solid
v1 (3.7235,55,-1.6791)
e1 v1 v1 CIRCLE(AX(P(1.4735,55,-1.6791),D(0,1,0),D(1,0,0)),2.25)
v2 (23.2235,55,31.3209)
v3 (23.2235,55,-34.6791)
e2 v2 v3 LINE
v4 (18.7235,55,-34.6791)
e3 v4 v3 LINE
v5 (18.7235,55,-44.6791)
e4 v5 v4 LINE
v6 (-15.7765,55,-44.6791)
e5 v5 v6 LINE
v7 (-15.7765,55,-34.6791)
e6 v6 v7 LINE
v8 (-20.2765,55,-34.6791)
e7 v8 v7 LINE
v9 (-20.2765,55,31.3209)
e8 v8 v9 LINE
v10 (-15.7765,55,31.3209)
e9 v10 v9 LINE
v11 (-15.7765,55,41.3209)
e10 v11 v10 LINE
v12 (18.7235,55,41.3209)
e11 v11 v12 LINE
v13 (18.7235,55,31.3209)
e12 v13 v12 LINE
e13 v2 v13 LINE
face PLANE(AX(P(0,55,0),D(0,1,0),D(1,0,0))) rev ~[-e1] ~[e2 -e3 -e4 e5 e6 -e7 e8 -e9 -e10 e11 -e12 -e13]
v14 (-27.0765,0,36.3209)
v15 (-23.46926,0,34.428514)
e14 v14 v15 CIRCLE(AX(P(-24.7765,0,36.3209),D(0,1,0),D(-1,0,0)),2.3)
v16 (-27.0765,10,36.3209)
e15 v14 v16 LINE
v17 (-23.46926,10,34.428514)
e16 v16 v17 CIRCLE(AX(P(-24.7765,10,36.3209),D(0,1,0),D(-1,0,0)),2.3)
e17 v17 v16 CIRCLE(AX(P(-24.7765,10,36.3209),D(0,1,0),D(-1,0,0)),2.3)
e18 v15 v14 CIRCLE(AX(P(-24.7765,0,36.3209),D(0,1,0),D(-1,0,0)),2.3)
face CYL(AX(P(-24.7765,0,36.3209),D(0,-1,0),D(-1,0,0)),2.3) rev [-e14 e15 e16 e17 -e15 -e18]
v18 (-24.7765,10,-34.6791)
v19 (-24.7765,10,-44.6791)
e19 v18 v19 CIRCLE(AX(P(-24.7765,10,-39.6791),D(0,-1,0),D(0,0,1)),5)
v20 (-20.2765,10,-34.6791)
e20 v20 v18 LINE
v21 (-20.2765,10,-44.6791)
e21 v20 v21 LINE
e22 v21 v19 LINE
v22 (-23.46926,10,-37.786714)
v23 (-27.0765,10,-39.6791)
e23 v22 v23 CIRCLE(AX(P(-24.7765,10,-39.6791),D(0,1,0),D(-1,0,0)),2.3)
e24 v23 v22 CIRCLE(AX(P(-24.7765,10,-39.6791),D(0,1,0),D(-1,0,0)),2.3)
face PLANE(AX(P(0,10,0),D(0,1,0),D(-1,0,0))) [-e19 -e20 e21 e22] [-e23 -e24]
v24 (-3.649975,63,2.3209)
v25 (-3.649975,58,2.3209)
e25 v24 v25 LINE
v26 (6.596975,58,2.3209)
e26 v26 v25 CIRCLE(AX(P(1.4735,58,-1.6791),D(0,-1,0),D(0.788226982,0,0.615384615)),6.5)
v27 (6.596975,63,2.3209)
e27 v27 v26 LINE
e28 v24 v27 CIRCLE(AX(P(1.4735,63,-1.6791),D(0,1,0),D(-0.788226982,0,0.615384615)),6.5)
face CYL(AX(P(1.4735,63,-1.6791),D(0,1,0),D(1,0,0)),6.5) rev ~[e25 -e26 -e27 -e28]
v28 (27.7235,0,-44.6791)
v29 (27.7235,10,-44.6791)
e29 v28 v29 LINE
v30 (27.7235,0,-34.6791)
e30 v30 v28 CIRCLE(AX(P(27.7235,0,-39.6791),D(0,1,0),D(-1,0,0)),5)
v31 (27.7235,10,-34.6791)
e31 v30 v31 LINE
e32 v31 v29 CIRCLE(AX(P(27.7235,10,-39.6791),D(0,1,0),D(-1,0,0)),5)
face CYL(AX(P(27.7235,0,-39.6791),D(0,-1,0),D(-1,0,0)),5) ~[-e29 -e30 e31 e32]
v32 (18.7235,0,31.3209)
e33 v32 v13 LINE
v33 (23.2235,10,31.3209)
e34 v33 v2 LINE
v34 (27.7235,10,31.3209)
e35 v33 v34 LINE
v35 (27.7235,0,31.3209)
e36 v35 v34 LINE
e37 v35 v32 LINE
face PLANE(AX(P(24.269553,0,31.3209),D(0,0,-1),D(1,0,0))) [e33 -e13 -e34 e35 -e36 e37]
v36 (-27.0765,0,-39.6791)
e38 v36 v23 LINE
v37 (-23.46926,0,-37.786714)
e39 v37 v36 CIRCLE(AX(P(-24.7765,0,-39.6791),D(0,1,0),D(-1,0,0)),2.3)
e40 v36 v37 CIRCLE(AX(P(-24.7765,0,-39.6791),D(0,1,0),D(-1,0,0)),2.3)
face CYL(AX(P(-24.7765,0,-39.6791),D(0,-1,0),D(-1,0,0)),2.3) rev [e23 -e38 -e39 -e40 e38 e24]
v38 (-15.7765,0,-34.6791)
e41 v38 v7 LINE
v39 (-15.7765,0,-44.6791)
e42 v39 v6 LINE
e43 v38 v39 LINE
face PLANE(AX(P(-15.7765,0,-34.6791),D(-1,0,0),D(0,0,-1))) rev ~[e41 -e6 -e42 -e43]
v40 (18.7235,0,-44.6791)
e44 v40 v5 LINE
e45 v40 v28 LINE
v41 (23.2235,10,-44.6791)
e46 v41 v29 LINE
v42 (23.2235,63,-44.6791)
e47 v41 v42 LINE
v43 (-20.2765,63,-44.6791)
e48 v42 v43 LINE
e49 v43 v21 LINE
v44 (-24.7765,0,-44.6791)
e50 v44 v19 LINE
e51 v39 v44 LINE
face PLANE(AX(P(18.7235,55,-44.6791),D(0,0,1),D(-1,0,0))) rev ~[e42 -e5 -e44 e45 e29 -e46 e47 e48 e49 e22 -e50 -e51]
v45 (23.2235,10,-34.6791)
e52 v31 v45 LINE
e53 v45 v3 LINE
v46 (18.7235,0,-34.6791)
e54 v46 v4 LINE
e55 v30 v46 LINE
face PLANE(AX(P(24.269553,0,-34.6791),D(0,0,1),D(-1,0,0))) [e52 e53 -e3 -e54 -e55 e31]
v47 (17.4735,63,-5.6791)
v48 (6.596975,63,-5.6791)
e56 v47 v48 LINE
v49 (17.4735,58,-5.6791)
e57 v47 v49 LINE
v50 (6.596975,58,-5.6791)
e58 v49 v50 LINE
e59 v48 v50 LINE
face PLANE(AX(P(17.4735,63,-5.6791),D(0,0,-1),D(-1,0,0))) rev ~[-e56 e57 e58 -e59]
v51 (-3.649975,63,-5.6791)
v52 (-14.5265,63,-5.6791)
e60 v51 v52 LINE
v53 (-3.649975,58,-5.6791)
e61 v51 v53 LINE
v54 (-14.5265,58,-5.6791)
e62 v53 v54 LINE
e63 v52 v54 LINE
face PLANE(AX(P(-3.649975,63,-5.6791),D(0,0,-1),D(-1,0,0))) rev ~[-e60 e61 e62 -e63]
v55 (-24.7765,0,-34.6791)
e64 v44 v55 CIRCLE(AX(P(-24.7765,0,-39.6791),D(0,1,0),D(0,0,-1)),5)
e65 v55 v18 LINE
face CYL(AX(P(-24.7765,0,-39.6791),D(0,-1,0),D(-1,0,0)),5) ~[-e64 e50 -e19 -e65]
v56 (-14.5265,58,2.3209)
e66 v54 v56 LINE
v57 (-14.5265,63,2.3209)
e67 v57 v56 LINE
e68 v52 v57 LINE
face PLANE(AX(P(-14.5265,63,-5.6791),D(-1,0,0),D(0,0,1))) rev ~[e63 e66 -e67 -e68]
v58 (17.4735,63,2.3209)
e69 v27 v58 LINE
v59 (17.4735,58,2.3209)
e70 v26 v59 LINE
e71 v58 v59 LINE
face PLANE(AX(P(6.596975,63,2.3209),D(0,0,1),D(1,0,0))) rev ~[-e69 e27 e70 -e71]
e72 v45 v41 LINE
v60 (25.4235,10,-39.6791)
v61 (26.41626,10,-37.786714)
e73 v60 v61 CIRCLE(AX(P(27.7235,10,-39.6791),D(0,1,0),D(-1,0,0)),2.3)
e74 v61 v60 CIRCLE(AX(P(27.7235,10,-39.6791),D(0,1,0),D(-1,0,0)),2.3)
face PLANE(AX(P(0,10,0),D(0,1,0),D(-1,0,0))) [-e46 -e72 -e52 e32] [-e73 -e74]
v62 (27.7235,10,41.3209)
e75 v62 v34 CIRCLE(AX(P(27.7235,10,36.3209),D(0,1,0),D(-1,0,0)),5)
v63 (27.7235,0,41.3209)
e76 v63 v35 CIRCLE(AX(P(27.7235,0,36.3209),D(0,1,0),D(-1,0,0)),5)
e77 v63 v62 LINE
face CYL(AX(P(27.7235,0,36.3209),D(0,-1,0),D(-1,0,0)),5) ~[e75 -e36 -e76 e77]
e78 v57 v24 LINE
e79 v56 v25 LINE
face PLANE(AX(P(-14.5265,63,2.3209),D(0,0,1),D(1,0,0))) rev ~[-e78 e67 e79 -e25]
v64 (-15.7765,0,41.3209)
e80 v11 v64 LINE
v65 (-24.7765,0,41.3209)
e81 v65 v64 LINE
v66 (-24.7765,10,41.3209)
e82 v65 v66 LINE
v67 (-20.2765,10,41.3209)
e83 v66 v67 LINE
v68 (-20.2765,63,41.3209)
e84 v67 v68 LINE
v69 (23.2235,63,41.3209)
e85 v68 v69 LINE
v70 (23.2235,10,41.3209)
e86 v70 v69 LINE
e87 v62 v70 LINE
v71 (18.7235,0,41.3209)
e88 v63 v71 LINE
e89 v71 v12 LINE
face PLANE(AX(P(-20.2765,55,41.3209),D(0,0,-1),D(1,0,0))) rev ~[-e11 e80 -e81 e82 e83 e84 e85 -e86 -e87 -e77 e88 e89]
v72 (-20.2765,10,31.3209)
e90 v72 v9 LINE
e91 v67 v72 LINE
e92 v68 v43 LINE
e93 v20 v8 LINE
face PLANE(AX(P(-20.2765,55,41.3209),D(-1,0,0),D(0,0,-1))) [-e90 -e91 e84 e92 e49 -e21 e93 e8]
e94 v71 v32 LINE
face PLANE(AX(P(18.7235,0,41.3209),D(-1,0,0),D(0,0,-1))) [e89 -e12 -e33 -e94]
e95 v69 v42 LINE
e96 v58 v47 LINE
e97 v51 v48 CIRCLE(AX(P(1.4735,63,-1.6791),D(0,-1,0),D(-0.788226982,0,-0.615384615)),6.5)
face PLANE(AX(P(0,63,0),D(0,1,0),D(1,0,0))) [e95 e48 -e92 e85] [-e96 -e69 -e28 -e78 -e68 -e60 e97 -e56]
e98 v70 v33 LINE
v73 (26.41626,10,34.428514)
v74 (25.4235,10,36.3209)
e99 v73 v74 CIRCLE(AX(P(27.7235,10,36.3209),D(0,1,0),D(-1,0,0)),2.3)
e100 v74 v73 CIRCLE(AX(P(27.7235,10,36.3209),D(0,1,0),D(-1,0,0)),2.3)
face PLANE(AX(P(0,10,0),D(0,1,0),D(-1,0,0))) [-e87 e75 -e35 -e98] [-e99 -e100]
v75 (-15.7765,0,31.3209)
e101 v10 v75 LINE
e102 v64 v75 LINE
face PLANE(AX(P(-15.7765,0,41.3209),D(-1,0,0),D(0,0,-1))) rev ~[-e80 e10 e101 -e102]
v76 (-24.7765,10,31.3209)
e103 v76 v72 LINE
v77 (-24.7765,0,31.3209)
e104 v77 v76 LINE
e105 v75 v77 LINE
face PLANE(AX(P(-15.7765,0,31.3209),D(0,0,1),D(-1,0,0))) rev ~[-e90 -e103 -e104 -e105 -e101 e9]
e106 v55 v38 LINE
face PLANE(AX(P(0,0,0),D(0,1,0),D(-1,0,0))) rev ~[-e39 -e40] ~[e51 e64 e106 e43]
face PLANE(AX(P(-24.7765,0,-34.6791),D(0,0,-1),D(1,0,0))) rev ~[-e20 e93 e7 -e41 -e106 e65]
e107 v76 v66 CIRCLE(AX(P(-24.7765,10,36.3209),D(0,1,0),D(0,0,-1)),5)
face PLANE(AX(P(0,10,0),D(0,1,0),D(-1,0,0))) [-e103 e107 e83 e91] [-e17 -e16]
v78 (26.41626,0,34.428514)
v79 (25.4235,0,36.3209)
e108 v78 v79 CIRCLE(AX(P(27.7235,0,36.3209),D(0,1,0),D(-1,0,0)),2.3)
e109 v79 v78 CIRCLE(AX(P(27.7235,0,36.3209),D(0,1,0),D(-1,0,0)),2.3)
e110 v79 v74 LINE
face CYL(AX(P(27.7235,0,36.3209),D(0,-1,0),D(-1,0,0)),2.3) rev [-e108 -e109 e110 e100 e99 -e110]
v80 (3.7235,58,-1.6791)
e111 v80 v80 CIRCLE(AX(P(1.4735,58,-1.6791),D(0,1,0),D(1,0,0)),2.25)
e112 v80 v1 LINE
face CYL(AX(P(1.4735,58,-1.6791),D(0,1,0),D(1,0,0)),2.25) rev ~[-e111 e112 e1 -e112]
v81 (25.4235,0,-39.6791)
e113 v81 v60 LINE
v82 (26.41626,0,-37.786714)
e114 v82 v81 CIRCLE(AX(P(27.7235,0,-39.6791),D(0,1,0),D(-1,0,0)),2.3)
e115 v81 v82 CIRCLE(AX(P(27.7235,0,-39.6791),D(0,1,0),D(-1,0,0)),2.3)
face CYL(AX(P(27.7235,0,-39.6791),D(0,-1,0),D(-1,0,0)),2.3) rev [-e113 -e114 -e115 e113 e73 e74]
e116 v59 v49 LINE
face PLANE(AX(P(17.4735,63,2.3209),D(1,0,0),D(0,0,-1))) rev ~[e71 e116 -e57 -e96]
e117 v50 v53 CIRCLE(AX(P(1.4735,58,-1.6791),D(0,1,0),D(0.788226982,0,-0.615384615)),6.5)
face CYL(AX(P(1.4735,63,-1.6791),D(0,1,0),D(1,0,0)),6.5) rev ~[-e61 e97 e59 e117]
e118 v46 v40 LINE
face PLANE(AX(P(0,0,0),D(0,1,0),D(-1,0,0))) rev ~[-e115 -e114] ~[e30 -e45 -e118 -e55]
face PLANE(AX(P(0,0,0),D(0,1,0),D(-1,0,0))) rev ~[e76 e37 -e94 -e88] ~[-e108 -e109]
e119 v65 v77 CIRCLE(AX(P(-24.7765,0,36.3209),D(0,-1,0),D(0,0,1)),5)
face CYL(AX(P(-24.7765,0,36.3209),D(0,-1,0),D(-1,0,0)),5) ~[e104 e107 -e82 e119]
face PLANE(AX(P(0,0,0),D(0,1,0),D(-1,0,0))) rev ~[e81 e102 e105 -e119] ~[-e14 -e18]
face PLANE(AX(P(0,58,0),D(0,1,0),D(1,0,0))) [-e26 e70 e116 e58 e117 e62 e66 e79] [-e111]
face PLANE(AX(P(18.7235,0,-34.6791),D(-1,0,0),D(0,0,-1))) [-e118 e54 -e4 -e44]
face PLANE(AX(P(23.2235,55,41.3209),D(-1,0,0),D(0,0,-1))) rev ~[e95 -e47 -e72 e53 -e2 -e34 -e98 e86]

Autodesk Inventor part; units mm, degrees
ref_plane "YZ Plane" through (0, 0, 0) normal (1, 0, 0) x (0, 1, 0)
ref_plane "XZ Plane" through (0, 0, 0) normal (0, 1, 0) x (-1, 0, 0)
ref_plane "XY Plane" through (0, 0, 0) normal (0, 0, 1) x (1, 0, 0)
sketch "Sketch1" plane through (0, 0, 0) normal (0, 1, 0) x (-1, 0, 0)
  circle A0 centre (-27.7235, -39.6791) radius 2.3
  line L0 (24.7765, 36.3209) -> (-27.7235, -39.6791)
  circle A1 centre (24.7765, -39.6791) radius 2.3
  circle A2 centre (-27.7235, 36.3209) radius 2.3
  line L1 (24.7765, -39.6791) -> (-27.7235, 36.3209)
  circle A3 centre (24.7765, 36.3209) radius 2.3
  circle A4 centre (24.7765, 36.3209) radius 2.3
  circle A5 centre (-27.7235, 36.3209) radius 2.3
  circle A6 centre (24.7765, -39.6791) radius 2.3
  circle A7 centre (-27.7235, -39.6791) radius 2.3
  circle A8 centre (-1.4735, -1.6791) radius 6.8323
  circle A9 centre (-27.7235, 36.3209) radius 5
  circle A10 centre (-27.7235, -39.6791) radius 5
  circle A11 centre (24.7765, -39.6791) radius 5
  circle A12 centre (24.7765, 36.3209) radius 5
  line L2 (-27.7235, 41.3209) -> (-18.7235, 41.3209)
  line L3 (-18.7235, 41.3209) -> (-18.7235, 31.3209)
  line L4 (-18.7235, 31.3209) -> (-27.7235, 31.3209)
  line L5 (24.7765, 41.3209) -> (15.7765, 41.3209)
  line L6 (15.7765, 41.3209) -> (15.7765, 31.3209)
  line L7 (15.7765, 31.3209) -> (24.7765, 31.3209)
  line L8 (24.7765, -34.6791) -> (15.7765, -34.6791)
  line L9 (15.7765, -34.6791) -> (15.7765, -44.6791)
  line L10 (15.7765, -44.6791) -> (24.7765, -44.6791)
  line L11 (-27.7235, -34.6791) -> (-18.7235, -34.6791)
  line L12 (-18.7235, -34.6791) -> (-18.7235, -44.6791)
  line L13 (-18.7235, -44.6791) -> (-27.7235, -44.6791)
  point P0 (0, 0)
  dimension "d0" = 10
  dimension "d1" = 10
  dimension "d2" = 10
  dimension "d3" = 10
  dimension "d4" = 9
  dimension "d5" = 9
extrude "Extrusion1" add sketch "Sketch1" along normal blind 10 contours A10 | A10 L11 L0 | L0 L11 L12 L13 A10 | L4 A9 L1 | L1 A9 L2 L3 L4 | L7 L6 L5 A12 L0 | L0 A12 L7 | L8 A11 L1 | L1 A11 L10 L9 L8 | A9 | A11 | A12
sketch "Sketch2" plane through (0, 10, 0) normal (0, 1, 0) x (1, 0, 0)
  line L0 (-15.7765, -41.3209) -> (-15.7765, -31.3209) projected
  line L1 (-15.7765, -31.3209) -> (-24.7765, -31.3209) projected
  line L2 (-15.7765, -41.3209) -> (-20.2765, -41.3209)
  line L3 (-20.2765, -41.3209) -> (-20.2765, -31.3209)
  line L4 (-20.2765, -31.3209) -> (-15.7765, -31.3209)
  line L5 (-15.7765, -31.3209) -> (-15.7765, -41.3209)
  line L6 (-24.7765, 34.6791) -> (-15.7765, 34.6791) projected
  line L7 (-15.7765, 44.6791) -> (-24.7765, 44.6791) projected
  line L8 (-15.7765, 34.6791) -> (-20.2765, 34.6791)
  line L9 (-20.2765, 34.6791) -> (-20.2765, 44.6791)
  line L10 (-20.2765, 44.6791) -> (-15.7765, 44.6791)
  line L11 (-15.7765, 44.6791) -> (-15.7765, 34.6791)
  line L12 (18.7235, 34.6791) -> (23.2235, 34.6791)
  line L13 (23.2235, 34.6791) -> (23.2235, 44.6791)
  line L14 (23.2235, 44.6791) -> (18.7235, 44.6791)
  line L15 (18.7235, 44.6791) -> (18.7235, 34.6791)
  line L16 (18.7235, -41.3209) -> (27.7235, -41.3209) projected
  line L17 (18.7235, -41.3209) -> (23.2235, -41.3209)
  line L18 (23.2235, -41.3209) -> (23.2235, -31.3209)
  line L19 (23.2235, -31.3209) -> (18.7235, -31.3209)
  line L20 (18.7235, -31.3209) -> (18.7235, -41.3209)
  point P0 (0, 0)
extrude "Extrusion2" add sketch "Sketch2" along normal blind 45
sketch "Sketch3" plane through (0, 55, 0) normal (0, 1, 0) x (1, 0, 0)
  line L0 (-20.2765, -41.3209) -> (-20.2765, -31.3209) projected
  line L1 (27.7235, 44.6791) -> (18.7235, 44.6791) projected
  line L2 (-20.2765, -41.3209) -> (23.2235, -41.3209)
  line L3 (23.2235, -41.3209) -> (23.2235, 44.6791)
  line L4 (23.2235, 44.6791) -> (-20.2765, 44.6791)
  line L5 (-20.2765, 44.6791) -> (-20.2765, -41.3209)
  point P0 (0, 0)
extrude "Extrusion3" add sketch "Sketch3" along normal blind 8
sketch "Sketch4" plane through (0, 63, 0) normal (0, 1, 0) x (1, 0, 0)
  line L0 (-20.2765, 44.6791) -> (-20.2765, -41.3209) projected
  line L1 (-20.2765, -41.3209) -> (23.4801, 44.6791)
  line L2 (23.2235, -41.3209) -> (23.2235, 44.6791) projected
  line L3 (23.2235, 44.6791) -> (-20.2765, 44.6791) projected
  line L4 (23.2235, -41.3209) -> (-20.2765, 44.6791)
  circle A0 centre (1.4735, 1.6791) radius 6.5
  line L5 (17.4735, 5.6791) -> (-14.5265, 5.6791)
  line L6 (-14.5265, 5.6791) -> (-14.5265, -2.3209)
  line L7 (-14.5265, -2.3209) -> (17.4735, -2.3209)
  line L8 (17.4735, -2.3209) -> (17.4735, 5.6791)
  line L9 (17.4735, 5.6791) -> (-14.5265, -2.3209) construction
  line L10 (-14.5265, 5.6791) -> (17.4735, -2.3209) construction
  point P0 (0, 0)
  point P1 (-3.65, 5.6791)
  point P2 (-3.65, -2.3209)
  point P3 (6.597, -2.3209)
  point P4 (6.597, 5.6791)
  dimension "d13" = 13
  dimension "d14" = 32
  dimension "d15" = 8
extrude "Extrusion4" cut sketch "Sketch4" against normal blind 5 contours A0 L1 L5 L4 | L4 L5 A0 | A0 L7 L1 | L1 L7 L4 A0 | L5 L1 L4 | L4 L1 L7 A0 L5 | A0 L5 L1 | A0 L7 L6 L5 | L1 L4 L7 | L4 L7 A0 | L1 L5 A0 L7 L4 | L5 L8 L7 A0
sketch "Sketch5" plane through (0, 58, 0) normal (0, 1, 0) x (1, 0, 0)
  arc A0 (6.597, 5.6791) -> (-3.65, 5.6791) centre (1.4735, 1.6791) ccw projected
  arc A1 (-3.65, -2.3209) -> (6.597, -2.3209) centre (1.4735, 1.6791) ccw projected
  circle A2 centre (1.4735, 1.6791) radius 2.25
  point P0 (0, 0)
  dimension "d18" = 4.5
extrude "Extrusion5" cut sketch "Sketch5" against normal blind 8
properties part number "ATTACHMENT_TOOLHEAD_GRIPPER"
